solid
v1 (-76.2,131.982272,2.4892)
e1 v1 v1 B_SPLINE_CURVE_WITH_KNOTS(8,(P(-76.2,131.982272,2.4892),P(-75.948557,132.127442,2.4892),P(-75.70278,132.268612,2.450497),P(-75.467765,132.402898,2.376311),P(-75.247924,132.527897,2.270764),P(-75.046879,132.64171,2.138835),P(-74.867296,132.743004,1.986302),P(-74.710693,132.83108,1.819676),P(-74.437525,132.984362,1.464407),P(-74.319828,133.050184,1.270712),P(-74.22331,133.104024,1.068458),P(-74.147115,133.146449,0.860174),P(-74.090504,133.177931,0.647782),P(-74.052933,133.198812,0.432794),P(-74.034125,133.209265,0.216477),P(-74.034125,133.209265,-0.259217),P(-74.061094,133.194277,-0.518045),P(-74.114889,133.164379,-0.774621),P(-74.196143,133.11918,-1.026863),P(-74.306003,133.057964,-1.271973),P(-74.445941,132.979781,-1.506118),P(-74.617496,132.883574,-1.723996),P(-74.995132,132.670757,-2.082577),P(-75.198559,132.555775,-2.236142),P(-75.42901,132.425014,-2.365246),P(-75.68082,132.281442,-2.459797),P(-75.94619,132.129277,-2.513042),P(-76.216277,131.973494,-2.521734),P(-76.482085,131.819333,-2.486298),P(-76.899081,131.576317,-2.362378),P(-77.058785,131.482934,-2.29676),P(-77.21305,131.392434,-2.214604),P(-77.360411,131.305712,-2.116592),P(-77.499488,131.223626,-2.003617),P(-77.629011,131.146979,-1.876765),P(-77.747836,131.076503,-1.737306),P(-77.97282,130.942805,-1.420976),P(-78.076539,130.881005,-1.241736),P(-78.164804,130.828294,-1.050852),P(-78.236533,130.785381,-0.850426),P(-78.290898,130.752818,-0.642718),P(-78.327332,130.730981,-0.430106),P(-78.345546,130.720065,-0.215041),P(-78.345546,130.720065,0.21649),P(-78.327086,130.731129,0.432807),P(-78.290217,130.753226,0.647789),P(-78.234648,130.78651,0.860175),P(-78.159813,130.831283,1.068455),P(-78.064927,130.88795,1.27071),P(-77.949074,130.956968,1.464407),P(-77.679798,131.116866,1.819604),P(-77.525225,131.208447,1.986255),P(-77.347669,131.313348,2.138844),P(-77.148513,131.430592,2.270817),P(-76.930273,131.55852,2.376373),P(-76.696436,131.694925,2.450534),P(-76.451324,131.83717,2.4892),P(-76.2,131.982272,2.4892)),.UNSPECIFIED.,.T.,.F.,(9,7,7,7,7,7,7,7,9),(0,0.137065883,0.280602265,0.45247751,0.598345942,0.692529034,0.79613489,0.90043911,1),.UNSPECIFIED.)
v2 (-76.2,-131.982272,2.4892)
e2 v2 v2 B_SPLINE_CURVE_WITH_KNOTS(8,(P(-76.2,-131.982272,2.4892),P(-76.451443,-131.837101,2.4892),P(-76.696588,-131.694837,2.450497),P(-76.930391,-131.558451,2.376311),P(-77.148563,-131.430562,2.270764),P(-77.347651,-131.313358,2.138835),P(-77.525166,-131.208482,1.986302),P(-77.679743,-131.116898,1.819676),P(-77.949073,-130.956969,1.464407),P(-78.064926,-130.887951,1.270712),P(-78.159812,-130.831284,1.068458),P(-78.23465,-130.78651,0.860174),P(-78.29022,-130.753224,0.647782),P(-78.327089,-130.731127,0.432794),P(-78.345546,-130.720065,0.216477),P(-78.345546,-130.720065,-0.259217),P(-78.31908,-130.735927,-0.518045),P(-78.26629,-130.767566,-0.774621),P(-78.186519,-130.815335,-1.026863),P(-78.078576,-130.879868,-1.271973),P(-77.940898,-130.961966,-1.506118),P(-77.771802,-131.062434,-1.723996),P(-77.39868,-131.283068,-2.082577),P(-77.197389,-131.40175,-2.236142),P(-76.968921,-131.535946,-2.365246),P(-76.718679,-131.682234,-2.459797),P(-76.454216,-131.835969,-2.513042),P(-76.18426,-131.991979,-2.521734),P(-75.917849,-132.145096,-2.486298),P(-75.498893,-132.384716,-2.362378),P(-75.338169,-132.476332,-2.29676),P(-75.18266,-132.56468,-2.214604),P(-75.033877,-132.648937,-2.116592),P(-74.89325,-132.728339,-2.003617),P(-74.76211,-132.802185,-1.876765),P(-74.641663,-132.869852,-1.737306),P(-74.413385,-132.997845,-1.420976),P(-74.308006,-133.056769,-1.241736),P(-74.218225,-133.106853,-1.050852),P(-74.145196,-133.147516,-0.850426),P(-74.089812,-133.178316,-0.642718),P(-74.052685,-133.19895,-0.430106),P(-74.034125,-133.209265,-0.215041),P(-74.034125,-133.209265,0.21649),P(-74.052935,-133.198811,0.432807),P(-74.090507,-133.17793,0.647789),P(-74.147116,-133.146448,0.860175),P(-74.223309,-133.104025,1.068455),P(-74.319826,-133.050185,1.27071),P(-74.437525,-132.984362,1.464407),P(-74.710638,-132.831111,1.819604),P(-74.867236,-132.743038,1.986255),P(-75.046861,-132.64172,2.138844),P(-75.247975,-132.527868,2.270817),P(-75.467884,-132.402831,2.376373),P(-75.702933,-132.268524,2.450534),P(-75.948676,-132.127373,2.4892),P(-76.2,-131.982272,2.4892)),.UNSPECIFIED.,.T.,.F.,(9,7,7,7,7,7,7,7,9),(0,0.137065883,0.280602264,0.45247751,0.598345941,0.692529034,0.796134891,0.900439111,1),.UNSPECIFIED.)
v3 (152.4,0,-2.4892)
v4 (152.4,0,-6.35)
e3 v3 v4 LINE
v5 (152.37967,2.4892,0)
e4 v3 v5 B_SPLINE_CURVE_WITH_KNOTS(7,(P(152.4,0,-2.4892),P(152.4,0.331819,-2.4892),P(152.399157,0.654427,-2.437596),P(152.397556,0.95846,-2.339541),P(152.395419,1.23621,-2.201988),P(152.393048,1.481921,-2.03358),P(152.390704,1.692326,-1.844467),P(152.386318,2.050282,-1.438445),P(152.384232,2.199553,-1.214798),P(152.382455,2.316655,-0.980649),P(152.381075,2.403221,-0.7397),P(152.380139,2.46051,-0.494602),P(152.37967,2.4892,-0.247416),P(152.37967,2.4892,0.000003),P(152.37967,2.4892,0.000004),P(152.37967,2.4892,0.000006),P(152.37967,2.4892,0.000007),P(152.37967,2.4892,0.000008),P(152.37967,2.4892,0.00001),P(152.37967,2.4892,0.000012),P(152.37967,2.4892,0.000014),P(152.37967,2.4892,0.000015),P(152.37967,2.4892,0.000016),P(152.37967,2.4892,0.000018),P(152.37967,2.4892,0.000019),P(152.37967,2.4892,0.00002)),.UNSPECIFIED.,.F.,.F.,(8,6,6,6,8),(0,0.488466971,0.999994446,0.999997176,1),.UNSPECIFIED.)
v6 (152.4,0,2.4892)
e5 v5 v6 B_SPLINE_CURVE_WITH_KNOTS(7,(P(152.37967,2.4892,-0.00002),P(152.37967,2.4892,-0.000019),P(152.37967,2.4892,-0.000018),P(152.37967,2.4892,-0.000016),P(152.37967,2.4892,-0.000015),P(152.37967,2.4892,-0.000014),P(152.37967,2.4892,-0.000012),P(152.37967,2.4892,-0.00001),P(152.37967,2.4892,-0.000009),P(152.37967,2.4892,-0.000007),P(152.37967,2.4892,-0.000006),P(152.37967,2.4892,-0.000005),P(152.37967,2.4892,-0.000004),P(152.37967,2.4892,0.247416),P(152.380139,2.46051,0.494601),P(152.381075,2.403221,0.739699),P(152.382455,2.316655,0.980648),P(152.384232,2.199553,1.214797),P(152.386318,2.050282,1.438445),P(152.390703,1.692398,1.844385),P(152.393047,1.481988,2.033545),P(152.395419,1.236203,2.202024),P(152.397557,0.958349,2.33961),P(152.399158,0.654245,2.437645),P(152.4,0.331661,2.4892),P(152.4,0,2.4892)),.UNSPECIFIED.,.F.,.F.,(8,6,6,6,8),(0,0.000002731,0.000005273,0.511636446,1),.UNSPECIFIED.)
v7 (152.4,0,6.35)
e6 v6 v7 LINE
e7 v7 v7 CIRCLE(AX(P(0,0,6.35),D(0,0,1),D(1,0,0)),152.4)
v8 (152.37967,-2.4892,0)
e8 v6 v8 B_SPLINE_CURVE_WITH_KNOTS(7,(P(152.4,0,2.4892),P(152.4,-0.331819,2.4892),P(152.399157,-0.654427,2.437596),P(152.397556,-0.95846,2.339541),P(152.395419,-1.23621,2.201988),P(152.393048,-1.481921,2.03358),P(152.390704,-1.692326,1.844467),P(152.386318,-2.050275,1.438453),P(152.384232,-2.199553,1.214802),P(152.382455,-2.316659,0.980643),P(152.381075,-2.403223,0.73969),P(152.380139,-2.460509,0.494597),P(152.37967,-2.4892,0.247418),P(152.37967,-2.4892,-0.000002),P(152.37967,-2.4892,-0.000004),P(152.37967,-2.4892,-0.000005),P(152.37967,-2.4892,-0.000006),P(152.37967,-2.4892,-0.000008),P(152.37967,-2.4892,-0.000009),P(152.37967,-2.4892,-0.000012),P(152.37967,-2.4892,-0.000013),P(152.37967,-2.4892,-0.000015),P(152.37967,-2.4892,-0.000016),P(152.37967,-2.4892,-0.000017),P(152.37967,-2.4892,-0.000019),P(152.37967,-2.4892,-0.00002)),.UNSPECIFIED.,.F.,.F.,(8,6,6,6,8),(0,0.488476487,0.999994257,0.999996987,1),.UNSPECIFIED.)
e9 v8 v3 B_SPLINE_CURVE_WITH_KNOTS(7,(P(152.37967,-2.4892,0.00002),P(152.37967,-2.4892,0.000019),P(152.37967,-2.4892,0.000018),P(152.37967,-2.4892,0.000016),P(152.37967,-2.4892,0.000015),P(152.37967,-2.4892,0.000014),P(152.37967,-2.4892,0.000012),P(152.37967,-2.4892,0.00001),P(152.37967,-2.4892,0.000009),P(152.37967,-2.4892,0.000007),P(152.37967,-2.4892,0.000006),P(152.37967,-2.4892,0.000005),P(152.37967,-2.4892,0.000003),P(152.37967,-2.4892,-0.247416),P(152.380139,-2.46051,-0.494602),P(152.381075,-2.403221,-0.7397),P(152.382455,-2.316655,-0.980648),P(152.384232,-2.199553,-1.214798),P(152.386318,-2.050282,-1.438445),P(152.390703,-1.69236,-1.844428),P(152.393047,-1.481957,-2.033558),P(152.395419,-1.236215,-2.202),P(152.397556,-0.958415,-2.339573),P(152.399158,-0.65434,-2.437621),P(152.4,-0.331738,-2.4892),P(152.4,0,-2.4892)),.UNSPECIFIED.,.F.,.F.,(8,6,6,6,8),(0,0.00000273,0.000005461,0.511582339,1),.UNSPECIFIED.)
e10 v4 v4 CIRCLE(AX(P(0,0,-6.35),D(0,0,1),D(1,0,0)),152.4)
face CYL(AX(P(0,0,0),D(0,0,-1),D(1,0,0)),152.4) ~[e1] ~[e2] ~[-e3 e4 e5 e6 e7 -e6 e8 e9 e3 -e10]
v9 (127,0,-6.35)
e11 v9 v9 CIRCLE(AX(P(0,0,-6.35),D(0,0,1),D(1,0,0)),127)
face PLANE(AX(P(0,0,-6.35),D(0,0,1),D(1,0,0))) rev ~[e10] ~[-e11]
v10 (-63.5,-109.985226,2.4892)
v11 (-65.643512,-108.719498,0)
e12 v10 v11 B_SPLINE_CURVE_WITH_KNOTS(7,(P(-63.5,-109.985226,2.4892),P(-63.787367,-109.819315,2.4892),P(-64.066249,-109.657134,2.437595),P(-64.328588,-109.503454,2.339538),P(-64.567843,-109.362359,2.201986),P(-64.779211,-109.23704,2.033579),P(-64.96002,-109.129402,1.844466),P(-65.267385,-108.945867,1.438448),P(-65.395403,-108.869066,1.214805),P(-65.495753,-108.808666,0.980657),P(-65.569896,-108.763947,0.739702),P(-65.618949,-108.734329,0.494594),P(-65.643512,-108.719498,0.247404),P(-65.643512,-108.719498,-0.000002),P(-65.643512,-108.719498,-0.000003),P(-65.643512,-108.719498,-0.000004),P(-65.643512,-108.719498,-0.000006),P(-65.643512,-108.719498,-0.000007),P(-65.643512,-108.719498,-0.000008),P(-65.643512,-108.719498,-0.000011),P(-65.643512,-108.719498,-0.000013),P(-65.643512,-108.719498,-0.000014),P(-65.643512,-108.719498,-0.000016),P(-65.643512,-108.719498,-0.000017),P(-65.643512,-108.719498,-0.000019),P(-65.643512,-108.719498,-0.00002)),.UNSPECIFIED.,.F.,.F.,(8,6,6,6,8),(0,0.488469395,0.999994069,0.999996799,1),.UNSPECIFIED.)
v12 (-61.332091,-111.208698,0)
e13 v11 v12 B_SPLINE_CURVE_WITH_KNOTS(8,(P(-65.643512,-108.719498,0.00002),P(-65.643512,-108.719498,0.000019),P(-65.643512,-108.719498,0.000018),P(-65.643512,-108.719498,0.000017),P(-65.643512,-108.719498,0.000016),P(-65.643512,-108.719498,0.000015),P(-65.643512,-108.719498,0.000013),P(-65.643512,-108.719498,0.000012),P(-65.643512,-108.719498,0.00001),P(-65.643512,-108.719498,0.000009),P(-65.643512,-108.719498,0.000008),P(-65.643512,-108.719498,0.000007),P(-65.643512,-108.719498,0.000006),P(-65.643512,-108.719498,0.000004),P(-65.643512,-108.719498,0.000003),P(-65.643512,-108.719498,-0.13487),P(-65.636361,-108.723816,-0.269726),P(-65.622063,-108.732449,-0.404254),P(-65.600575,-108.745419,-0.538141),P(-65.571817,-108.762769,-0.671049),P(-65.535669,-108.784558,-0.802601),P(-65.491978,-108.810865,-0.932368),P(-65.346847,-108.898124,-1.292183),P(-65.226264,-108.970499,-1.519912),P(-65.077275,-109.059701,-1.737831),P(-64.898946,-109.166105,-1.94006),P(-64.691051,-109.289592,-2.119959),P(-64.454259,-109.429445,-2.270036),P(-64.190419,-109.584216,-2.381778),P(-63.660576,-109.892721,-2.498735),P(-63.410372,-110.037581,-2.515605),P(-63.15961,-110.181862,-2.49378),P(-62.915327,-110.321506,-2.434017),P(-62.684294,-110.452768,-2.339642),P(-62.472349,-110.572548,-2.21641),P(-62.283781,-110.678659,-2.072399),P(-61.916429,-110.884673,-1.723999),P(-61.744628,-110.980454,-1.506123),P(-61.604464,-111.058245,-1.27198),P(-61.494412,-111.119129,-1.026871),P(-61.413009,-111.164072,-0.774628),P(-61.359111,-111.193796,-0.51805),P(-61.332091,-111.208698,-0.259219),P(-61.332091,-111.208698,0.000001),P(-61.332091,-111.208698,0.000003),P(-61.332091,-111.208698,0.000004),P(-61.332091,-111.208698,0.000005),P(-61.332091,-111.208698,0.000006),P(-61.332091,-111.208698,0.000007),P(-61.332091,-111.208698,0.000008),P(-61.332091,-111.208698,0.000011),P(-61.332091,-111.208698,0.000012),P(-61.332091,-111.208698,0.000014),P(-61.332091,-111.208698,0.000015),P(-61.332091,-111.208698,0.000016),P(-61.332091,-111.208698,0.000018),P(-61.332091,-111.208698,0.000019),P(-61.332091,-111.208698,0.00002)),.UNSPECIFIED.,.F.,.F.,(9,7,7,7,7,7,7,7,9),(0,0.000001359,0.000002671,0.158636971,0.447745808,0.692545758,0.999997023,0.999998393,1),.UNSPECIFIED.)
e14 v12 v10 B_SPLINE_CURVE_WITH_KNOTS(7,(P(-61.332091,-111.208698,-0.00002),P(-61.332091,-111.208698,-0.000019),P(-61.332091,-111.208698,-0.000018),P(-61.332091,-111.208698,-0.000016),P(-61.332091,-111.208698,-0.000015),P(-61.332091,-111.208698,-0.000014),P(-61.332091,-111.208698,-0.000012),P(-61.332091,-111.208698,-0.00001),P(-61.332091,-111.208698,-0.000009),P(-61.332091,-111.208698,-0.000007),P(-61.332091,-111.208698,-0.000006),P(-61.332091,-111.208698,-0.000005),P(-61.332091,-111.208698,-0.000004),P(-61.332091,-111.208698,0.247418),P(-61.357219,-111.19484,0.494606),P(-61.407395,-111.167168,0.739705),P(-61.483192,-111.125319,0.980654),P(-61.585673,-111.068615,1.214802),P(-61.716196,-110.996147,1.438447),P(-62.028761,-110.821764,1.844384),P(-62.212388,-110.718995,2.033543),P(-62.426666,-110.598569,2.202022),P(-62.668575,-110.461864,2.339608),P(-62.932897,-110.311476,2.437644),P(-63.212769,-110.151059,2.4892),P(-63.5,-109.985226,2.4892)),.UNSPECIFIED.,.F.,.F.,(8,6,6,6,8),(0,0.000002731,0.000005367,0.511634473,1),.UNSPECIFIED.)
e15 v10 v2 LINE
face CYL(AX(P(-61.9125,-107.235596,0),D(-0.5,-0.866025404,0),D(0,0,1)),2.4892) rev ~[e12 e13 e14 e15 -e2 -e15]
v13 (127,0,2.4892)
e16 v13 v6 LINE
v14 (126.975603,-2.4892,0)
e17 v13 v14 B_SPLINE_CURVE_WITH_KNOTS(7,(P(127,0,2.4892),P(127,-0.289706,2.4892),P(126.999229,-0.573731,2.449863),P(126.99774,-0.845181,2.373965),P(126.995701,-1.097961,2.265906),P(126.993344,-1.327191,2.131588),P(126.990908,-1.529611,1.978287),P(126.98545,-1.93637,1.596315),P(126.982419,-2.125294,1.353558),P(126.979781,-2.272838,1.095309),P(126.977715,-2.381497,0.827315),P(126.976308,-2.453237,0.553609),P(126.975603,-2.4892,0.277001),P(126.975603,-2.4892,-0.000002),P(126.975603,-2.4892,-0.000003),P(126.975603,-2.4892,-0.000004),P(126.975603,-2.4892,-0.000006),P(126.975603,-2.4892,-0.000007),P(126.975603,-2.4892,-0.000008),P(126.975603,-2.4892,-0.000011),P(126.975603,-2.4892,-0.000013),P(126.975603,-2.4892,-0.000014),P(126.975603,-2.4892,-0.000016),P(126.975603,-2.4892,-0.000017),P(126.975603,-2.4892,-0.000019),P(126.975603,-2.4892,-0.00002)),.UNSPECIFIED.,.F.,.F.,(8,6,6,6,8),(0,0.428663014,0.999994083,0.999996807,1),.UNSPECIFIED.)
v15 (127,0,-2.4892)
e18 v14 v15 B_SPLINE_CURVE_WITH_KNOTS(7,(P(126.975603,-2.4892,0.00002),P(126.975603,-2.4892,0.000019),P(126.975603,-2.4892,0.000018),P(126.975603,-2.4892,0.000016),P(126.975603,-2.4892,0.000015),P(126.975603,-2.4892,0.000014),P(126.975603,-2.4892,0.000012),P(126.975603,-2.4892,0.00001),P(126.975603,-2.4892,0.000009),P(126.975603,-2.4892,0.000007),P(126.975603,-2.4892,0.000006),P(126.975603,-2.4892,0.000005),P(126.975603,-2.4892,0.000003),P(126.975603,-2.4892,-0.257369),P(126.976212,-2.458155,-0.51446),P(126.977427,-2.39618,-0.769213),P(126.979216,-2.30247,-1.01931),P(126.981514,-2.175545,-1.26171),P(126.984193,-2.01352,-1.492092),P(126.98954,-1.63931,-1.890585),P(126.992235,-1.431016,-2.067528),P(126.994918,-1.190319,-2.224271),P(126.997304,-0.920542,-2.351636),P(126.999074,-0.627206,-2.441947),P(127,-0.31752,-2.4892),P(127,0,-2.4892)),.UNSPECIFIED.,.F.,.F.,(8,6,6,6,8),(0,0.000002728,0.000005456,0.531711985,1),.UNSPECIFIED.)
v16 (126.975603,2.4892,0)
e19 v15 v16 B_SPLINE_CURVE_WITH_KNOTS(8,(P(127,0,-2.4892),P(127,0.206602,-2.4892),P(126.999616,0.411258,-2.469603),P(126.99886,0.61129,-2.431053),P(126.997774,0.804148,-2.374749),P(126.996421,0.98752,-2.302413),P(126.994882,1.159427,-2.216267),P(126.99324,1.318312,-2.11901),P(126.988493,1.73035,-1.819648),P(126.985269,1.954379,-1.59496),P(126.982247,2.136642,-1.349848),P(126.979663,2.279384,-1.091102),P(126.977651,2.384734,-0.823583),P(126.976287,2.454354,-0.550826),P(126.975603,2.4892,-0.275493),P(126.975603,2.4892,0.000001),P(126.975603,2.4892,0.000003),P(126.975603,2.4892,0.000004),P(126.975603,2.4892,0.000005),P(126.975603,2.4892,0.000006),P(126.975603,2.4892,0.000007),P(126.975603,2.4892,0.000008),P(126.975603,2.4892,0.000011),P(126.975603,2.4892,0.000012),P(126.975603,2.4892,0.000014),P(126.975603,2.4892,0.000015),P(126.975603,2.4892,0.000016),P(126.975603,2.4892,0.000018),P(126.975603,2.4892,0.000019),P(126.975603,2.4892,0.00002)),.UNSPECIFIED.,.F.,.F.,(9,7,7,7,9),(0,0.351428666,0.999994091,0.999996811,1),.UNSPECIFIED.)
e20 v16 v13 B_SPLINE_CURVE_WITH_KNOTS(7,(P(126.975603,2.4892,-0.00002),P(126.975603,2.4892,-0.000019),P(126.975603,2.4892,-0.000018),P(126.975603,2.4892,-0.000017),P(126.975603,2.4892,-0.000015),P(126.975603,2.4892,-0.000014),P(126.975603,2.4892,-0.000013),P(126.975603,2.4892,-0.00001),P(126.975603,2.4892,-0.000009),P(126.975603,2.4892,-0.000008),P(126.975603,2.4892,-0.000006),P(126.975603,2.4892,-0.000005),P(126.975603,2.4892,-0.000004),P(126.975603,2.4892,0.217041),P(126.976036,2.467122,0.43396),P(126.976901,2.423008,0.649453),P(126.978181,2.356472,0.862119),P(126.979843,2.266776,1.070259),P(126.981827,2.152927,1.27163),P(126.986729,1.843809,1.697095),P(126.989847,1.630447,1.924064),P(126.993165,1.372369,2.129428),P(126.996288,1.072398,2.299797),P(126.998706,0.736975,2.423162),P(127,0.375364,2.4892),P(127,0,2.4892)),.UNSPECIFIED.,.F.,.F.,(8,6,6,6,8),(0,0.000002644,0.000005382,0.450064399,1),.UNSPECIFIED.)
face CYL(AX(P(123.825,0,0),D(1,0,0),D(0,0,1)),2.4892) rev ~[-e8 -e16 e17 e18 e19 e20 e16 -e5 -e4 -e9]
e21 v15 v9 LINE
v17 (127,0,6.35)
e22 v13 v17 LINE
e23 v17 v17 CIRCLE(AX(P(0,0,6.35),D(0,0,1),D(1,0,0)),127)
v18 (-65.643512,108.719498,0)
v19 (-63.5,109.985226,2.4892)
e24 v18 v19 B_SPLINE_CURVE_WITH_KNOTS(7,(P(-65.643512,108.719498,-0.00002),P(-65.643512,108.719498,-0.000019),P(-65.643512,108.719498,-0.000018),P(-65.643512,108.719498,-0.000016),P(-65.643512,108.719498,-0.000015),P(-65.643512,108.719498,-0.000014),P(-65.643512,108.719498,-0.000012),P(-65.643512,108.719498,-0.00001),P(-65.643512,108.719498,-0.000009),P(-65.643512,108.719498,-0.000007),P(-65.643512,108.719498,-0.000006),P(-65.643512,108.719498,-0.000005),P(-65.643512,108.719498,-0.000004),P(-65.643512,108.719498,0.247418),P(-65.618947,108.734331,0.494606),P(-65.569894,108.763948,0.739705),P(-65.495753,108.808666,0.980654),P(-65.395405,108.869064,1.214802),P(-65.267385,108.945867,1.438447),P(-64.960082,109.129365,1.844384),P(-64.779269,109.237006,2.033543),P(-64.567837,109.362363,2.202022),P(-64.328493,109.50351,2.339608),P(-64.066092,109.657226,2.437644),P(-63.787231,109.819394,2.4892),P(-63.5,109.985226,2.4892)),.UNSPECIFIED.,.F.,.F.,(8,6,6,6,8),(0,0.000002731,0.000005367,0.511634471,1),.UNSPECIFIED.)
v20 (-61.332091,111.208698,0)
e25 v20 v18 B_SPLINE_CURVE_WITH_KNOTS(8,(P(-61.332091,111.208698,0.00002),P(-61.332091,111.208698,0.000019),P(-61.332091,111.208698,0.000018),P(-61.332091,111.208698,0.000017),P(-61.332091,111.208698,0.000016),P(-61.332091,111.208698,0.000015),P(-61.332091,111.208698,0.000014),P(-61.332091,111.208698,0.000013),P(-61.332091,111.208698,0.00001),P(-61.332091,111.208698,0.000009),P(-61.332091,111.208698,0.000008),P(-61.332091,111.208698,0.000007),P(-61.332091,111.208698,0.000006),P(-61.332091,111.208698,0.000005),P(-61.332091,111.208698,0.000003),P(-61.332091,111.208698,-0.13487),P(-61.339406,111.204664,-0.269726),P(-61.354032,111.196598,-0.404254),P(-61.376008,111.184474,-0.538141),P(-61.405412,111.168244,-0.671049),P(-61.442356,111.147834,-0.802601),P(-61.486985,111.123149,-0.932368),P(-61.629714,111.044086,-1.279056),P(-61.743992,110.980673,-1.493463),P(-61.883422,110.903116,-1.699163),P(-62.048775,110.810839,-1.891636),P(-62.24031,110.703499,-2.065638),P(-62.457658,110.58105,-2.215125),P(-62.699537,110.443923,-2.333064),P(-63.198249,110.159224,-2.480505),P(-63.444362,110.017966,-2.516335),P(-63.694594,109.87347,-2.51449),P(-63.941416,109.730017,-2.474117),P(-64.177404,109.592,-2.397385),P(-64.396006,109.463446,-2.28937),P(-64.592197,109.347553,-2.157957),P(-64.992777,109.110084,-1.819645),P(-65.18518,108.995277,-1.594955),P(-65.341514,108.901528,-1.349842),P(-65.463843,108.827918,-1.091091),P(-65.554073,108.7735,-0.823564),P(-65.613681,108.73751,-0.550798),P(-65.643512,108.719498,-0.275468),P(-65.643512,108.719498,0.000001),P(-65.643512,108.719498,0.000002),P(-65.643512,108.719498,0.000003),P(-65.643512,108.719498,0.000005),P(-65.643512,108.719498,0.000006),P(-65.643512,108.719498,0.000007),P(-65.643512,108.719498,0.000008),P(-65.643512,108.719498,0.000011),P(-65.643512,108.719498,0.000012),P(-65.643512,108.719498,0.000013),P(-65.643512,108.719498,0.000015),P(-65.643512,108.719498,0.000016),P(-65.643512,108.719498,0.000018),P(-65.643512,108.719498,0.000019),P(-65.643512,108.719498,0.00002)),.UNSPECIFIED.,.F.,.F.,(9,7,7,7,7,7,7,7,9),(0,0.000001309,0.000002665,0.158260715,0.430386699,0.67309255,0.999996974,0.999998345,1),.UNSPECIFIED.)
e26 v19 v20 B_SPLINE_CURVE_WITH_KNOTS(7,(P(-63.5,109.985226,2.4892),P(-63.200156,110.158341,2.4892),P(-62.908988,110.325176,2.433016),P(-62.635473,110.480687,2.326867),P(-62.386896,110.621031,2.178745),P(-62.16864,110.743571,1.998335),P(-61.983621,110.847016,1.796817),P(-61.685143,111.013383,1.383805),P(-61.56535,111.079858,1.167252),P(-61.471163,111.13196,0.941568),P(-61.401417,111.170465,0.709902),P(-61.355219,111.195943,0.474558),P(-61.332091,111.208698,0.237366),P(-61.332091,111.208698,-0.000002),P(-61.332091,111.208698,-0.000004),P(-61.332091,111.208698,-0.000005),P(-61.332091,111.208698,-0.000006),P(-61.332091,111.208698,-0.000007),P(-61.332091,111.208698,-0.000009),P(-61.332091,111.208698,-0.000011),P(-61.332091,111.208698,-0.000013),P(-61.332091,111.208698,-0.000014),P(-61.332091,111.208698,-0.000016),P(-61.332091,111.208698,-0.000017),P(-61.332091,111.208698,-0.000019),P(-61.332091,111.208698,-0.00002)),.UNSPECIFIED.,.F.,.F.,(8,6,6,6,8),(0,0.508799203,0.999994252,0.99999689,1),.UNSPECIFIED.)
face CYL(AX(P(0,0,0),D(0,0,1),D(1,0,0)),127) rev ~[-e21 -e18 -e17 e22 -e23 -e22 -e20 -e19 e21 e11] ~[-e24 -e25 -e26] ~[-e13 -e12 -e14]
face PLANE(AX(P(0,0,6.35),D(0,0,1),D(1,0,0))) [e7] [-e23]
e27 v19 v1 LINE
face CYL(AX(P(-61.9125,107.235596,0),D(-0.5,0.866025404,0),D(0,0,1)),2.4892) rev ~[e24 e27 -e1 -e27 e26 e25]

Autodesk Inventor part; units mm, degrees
ref_plane "XZ Plane" through (0, 0, 0) normal (0, 1, 0) x (-1, 0, 0)
ref_plane "XY Plane" through (0, 0, 0) normal (0, 0, 1) x (1, 0, 0)
sketch "Sketch1" plane through (0, 0, 0) normal (0, 0, 1) x (1, 0, 0)
  circle A0 centre (0, 0) radius 127
  circle A1 centre (0, 0) radius 152.4
  dimension "d0" = 254
  dimension "d1" = 25.4
extrude "Extrusion1" add sketch "Sketch1" along normal mid plane 12.7
ref_plane "Work Plane1" through (123.825, 0, 0) normal (1, 0, 0) x (0, 1, 0)
sketch "Sketch3" plane through (123.825, 0, 0) normal (1, 0, 0) x (0, 1, 0)
  point P0 (0, 0)
  point P1 (0, 0)
hole "Hole1" at (123.825, 0, 0) at (123.825, 0, 0) direction (1, 0, 0) diameter 4.9784 end through all thread size "1/4-20 UNC" class "2B" standard "ANSI Unified Screw Threads"
pattern_circular "Circular Pattern1" count 3 over 360 about axis through (0, 0, -10) along (0, 0, 1) of "Hole1"
properties part number "ring_middle"
